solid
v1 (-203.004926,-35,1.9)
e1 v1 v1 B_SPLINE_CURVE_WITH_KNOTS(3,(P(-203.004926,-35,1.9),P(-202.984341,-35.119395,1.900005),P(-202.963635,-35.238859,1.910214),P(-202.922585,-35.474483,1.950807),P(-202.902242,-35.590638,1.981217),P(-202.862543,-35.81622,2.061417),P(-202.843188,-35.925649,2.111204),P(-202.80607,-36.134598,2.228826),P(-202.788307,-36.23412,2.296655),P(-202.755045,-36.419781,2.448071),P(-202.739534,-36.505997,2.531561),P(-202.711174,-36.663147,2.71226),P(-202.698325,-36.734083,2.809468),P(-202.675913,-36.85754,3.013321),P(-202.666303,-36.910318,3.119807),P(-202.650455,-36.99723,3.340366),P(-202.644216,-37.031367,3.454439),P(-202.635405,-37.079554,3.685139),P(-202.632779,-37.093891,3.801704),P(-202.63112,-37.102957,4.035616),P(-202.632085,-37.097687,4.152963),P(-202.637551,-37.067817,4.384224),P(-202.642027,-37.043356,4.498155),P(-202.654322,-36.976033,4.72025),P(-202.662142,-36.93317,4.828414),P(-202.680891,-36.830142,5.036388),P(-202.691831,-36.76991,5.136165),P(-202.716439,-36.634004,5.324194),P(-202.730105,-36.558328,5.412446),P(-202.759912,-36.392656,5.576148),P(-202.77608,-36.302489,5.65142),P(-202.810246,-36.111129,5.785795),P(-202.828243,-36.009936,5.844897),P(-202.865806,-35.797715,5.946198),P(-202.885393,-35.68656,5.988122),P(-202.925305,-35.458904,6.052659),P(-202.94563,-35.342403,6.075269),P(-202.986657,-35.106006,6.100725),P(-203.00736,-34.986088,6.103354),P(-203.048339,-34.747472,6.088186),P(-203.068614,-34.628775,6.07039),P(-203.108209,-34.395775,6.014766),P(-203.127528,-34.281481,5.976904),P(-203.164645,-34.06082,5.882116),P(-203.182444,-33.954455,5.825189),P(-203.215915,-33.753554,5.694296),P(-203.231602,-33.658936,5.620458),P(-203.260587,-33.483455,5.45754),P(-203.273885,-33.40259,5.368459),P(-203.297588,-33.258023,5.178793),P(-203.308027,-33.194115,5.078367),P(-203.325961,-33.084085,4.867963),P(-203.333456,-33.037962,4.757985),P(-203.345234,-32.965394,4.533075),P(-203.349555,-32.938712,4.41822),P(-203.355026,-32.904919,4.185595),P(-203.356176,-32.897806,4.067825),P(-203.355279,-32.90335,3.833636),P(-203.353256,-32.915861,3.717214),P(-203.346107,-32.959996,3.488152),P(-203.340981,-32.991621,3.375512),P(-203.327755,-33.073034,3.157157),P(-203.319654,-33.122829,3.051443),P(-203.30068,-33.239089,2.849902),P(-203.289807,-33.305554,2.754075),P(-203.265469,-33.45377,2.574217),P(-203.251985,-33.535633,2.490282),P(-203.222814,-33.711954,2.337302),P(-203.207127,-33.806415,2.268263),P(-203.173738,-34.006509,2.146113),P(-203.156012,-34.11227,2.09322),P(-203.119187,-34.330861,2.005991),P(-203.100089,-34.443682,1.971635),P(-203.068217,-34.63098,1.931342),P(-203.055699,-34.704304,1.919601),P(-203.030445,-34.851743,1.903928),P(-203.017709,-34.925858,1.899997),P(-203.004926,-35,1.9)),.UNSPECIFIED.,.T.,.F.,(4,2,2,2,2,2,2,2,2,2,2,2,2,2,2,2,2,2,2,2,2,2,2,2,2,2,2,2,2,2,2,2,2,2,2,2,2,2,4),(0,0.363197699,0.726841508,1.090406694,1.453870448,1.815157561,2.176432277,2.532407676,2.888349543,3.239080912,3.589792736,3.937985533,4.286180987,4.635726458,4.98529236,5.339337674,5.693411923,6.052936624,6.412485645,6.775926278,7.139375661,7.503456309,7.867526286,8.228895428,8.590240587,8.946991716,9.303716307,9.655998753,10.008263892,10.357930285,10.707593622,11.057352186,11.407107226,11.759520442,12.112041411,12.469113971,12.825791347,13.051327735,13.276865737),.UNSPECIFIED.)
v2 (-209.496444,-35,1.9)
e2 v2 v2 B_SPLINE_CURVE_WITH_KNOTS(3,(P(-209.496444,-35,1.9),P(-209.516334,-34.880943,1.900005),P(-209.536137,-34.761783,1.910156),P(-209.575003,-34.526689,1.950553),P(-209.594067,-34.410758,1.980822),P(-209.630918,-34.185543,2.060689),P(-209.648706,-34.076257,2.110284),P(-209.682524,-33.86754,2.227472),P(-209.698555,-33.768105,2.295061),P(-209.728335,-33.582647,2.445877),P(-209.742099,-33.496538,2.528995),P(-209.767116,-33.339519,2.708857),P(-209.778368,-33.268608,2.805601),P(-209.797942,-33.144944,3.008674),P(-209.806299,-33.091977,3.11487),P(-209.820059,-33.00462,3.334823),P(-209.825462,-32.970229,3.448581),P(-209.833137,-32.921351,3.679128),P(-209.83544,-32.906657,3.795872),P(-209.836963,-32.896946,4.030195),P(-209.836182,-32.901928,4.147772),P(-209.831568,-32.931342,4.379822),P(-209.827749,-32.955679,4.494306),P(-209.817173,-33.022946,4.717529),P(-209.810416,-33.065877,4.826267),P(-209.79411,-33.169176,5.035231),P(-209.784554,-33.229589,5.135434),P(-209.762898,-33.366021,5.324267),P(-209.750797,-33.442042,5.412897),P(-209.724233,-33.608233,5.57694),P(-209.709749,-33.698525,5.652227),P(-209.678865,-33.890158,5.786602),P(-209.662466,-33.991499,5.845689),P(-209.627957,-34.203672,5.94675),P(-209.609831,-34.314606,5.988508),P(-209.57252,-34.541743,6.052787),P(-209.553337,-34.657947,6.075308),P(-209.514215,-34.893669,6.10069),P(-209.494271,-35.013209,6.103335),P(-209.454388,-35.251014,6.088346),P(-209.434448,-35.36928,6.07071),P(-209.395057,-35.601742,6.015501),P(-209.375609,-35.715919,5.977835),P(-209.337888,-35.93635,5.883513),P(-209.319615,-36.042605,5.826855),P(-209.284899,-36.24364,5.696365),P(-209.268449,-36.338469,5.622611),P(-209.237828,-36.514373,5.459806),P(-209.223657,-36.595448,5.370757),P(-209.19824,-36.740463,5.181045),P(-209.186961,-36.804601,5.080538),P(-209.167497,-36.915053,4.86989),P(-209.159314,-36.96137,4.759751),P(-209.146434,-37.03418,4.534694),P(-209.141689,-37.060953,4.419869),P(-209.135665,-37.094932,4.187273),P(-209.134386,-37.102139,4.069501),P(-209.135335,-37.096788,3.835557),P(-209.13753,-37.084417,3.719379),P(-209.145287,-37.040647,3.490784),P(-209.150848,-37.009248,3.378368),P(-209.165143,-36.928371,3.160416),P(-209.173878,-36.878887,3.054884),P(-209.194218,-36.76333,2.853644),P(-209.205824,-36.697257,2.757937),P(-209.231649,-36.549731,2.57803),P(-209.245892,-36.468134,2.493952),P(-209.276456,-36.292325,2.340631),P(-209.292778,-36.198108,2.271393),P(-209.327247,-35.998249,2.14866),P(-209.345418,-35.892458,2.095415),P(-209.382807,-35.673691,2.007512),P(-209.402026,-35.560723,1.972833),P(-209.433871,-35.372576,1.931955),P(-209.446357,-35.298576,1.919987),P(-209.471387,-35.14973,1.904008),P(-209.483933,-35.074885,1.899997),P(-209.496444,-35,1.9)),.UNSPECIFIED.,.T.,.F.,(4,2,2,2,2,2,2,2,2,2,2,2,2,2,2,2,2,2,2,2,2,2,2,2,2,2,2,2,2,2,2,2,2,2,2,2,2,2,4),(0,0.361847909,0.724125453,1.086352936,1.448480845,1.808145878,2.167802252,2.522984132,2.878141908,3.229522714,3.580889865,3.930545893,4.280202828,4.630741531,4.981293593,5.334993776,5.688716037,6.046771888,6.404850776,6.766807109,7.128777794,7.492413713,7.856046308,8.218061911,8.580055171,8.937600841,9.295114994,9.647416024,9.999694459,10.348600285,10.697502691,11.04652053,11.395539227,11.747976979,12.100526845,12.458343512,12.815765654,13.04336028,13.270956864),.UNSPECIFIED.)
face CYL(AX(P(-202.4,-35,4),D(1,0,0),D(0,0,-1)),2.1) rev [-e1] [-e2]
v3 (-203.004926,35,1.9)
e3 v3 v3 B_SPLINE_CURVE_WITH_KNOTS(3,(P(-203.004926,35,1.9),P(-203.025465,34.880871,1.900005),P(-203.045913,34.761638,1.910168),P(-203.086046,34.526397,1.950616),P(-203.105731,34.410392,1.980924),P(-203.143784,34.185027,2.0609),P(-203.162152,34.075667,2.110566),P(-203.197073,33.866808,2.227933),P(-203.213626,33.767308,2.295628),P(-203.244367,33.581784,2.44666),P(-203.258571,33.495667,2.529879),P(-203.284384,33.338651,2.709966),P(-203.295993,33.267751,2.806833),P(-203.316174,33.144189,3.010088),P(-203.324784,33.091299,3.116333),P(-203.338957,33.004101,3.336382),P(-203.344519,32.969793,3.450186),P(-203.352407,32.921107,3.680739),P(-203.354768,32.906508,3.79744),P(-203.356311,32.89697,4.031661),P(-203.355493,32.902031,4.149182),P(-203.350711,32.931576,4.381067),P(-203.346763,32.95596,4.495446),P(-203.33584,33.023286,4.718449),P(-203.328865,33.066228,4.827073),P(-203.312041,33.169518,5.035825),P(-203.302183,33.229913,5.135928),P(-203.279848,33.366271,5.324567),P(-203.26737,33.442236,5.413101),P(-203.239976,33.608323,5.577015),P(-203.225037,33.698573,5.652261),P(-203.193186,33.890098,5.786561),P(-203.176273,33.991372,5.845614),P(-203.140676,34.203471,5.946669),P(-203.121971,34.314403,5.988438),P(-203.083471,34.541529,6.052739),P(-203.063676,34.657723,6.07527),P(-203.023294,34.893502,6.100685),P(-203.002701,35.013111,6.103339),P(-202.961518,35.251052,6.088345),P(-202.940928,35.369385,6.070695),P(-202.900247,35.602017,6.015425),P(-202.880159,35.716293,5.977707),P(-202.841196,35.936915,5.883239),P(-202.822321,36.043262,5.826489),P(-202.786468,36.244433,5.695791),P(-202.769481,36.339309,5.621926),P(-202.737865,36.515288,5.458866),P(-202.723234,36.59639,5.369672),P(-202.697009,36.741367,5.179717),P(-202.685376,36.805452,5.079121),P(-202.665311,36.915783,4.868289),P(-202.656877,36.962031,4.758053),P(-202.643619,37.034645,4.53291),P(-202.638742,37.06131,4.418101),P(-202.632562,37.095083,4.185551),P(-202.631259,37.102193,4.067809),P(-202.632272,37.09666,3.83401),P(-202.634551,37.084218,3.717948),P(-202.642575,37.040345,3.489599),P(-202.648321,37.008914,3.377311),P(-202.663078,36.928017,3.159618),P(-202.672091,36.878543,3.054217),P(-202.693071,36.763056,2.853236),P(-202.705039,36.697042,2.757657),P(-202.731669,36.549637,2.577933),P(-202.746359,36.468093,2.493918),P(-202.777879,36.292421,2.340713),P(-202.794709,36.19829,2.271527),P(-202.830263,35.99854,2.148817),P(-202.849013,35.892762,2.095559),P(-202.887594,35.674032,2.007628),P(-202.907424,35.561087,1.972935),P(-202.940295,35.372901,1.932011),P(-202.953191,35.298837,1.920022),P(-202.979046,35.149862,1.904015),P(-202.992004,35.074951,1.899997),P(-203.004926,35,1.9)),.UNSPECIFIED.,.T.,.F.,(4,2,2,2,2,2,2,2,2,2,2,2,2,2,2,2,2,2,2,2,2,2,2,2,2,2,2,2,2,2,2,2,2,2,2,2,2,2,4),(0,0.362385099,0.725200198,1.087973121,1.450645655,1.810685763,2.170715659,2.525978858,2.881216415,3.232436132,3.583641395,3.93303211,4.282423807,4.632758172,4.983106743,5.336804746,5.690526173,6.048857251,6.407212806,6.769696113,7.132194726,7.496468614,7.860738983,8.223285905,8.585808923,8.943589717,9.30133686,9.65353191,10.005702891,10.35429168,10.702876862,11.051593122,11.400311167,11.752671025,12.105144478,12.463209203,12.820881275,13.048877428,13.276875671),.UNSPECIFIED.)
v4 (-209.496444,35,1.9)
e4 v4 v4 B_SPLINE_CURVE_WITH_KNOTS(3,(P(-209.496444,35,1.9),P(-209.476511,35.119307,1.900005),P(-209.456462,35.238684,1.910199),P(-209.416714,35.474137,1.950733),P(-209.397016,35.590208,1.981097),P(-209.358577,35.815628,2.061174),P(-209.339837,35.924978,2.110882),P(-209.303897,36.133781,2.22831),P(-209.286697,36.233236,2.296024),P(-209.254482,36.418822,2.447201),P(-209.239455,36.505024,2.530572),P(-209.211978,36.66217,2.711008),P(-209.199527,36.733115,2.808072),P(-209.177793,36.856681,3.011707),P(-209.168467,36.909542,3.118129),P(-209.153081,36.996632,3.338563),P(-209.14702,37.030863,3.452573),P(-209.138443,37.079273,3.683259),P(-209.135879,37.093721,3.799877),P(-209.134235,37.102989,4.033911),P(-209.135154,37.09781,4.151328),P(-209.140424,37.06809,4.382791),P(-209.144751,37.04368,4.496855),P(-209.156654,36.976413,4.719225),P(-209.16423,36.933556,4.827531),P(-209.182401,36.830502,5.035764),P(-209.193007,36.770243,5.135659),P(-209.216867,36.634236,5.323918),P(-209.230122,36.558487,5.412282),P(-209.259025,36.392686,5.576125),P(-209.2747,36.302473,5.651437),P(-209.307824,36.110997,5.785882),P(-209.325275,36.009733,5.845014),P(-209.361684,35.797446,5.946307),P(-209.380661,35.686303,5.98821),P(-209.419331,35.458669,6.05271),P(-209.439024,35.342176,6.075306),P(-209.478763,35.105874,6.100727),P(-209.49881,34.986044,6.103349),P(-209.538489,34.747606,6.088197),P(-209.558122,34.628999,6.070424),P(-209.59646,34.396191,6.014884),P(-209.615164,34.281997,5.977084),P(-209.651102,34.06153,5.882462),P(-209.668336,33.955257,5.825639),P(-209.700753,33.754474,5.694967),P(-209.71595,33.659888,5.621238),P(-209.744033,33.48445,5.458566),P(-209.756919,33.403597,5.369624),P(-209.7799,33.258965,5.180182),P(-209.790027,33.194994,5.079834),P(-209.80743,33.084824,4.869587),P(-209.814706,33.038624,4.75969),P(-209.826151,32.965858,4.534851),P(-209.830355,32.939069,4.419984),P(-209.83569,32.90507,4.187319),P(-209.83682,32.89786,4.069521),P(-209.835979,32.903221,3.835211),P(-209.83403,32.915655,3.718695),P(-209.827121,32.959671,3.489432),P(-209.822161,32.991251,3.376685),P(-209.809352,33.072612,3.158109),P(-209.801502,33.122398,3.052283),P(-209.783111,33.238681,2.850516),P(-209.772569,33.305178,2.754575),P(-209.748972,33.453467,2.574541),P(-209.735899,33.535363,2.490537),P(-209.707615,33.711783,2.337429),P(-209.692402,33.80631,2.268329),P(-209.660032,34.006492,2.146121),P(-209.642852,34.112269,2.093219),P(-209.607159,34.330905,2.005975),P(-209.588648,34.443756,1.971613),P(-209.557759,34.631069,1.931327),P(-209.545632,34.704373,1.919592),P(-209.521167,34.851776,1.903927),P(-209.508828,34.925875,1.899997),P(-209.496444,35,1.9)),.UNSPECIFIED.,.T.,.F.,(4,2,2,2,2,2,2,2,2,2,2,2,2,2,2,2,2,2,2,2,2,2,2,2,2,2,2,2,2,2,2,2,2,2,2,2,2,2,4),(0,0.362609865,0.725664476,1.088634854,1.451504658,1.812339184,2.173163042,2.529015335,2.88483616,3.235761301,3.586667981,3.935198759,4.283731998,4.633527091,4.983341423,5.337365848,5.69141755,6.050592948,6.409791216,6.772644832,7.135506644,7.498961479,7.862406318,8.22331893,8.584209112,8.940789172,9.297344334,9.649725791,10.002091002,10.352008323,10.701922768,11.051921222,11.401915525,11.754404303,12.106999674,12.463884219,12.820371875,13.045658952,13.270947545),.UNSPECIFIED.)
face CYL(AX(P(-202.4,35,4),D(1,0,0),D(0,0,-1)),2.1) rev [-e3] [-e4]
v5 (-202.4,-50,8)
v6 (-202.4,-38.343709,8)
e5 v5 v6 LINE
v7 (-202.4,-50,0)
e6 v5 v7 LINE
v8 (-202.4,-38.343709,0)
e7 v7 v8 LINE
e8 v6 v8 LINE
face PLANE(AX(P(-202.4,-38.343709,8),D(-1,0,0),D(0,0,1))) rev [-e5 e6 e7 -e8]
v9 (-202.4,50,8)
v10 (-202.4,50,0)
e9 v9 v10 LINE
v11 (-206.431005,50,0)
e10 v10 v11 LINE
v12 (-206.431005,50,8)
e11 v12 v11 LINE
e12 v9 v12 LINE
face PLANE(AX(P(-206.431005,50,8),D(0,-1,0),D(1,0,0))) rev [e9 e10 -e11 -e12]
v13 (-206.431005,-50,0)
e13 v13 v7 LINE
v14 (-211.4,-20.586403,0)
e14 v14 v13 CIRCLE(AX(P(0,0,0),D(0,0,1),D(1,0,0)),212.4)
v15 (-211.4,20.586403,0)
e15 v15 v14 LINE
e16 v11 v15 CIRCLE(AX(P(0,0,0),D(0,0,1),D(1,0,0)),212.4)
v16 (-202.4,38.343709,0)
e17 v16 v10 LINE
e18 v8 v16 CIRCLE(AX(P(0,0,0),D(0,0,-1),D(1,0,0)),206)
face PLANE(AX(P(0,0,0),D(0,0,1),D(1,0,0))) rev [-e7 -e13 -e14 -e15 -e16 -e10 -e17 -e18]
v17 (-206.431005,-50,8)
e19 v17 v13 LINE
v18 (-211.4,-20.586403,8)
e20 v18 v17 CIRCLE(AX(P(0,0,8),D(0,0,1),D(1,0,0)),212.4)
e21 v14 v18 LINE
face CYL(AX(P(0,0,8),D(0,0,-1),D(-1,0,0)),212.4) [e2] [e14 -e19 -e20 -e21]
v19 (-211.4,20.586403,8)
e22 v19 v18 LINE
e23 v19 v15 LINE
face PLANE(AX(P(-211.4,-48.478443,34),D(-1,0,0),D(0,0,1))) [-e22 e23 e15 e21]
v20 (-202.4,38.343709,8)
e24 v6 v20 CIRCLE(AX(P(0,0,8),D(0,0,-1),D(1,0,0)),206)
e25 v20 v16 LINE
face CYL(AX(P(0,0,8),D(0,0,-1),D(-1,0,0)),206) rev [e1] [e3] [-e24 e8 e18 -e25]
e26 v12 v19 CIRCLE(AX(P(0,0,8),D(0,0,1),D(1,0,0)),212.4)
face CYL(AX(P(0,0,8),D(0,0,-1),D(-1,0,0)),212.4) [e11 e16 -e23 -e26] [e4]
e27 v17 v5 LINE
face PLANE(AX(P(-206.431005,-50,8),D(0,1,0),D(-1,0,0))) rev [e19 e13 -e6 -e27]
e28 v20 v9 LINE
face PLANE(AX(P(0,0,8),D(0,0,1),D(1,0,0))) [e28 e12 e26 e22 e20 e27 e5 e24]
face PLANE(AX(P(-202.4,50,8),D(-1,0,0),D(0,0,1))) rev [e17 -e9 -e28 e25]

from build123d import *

# Parameters (mm, degrees)
BOSS_EXTRU_1_DEPTH      = 8
TROU_TARAUD_M51_D       = 4.2
TROU_TARAUD_M52_D       = 4.2
ESQUISSE8_W             = 18.974951104
ESQUISSE8_H             = 96.168502187
ENL_V_MAT_EXTRU_1_DEPTH = 34


with BuildPart() as part:
    # Esquisse1 → Boss.-Extru.1 (new body)
    with BuildSketch(Plane.XY):
        with BuildLine():
            Line((-202.4, -38.343708741), (-202.4, -50))
            Line((-202.4, -50), (-206.431005423, -50))
            ThreePointArc((-206.431005423, -50), (-212.4, 0), (-206.431005423, 50))
            Line((-206.431005423, 50), (-202.4, 50))
            Line((-202.4, 50), (-202.4, 38.343708741))
            ThreePointArc((-202.4, 38.343708741), (-206, 0), (-202.4, -38.343708741))
        make_face()
    extrude(amount=BOSS_EXTRU_1_DEPTH)

    # Trou taraudé M51 (through all)
    with Locations(Plane(origin=(-202.4, 0, 0), x_dir=(0, 0, -1), z_dir=(1, 0, 0))):
        with Locations((-4, 35)):
            Hole(TROU_TARAUD_M51_D / 2)

    # Trou taraudé M52 (through all)
    with Locations(Plane(origin=(-202.4, 0, 0), x_dir=(0, 0, -1), z_dir=(1, 0, 0))):
        with Locations((-4, -35)):
            Hole(TROU_TARAUD_M52_D / 2)

    # Esquisse8 → Enlèv. mat.-Extru.1 (cut)
    with BuildSketch(Plane.XY):
        with Locations((-220.887475552, -0.394191452)):
            Rectangle(ESQUISSE8_W, ESQUISSE8_H)
    extrude(amount=ENL_V_MAT_EXTRU_1_DEPTH, mode=Mode.SUBTRACT)


solid = part.part
